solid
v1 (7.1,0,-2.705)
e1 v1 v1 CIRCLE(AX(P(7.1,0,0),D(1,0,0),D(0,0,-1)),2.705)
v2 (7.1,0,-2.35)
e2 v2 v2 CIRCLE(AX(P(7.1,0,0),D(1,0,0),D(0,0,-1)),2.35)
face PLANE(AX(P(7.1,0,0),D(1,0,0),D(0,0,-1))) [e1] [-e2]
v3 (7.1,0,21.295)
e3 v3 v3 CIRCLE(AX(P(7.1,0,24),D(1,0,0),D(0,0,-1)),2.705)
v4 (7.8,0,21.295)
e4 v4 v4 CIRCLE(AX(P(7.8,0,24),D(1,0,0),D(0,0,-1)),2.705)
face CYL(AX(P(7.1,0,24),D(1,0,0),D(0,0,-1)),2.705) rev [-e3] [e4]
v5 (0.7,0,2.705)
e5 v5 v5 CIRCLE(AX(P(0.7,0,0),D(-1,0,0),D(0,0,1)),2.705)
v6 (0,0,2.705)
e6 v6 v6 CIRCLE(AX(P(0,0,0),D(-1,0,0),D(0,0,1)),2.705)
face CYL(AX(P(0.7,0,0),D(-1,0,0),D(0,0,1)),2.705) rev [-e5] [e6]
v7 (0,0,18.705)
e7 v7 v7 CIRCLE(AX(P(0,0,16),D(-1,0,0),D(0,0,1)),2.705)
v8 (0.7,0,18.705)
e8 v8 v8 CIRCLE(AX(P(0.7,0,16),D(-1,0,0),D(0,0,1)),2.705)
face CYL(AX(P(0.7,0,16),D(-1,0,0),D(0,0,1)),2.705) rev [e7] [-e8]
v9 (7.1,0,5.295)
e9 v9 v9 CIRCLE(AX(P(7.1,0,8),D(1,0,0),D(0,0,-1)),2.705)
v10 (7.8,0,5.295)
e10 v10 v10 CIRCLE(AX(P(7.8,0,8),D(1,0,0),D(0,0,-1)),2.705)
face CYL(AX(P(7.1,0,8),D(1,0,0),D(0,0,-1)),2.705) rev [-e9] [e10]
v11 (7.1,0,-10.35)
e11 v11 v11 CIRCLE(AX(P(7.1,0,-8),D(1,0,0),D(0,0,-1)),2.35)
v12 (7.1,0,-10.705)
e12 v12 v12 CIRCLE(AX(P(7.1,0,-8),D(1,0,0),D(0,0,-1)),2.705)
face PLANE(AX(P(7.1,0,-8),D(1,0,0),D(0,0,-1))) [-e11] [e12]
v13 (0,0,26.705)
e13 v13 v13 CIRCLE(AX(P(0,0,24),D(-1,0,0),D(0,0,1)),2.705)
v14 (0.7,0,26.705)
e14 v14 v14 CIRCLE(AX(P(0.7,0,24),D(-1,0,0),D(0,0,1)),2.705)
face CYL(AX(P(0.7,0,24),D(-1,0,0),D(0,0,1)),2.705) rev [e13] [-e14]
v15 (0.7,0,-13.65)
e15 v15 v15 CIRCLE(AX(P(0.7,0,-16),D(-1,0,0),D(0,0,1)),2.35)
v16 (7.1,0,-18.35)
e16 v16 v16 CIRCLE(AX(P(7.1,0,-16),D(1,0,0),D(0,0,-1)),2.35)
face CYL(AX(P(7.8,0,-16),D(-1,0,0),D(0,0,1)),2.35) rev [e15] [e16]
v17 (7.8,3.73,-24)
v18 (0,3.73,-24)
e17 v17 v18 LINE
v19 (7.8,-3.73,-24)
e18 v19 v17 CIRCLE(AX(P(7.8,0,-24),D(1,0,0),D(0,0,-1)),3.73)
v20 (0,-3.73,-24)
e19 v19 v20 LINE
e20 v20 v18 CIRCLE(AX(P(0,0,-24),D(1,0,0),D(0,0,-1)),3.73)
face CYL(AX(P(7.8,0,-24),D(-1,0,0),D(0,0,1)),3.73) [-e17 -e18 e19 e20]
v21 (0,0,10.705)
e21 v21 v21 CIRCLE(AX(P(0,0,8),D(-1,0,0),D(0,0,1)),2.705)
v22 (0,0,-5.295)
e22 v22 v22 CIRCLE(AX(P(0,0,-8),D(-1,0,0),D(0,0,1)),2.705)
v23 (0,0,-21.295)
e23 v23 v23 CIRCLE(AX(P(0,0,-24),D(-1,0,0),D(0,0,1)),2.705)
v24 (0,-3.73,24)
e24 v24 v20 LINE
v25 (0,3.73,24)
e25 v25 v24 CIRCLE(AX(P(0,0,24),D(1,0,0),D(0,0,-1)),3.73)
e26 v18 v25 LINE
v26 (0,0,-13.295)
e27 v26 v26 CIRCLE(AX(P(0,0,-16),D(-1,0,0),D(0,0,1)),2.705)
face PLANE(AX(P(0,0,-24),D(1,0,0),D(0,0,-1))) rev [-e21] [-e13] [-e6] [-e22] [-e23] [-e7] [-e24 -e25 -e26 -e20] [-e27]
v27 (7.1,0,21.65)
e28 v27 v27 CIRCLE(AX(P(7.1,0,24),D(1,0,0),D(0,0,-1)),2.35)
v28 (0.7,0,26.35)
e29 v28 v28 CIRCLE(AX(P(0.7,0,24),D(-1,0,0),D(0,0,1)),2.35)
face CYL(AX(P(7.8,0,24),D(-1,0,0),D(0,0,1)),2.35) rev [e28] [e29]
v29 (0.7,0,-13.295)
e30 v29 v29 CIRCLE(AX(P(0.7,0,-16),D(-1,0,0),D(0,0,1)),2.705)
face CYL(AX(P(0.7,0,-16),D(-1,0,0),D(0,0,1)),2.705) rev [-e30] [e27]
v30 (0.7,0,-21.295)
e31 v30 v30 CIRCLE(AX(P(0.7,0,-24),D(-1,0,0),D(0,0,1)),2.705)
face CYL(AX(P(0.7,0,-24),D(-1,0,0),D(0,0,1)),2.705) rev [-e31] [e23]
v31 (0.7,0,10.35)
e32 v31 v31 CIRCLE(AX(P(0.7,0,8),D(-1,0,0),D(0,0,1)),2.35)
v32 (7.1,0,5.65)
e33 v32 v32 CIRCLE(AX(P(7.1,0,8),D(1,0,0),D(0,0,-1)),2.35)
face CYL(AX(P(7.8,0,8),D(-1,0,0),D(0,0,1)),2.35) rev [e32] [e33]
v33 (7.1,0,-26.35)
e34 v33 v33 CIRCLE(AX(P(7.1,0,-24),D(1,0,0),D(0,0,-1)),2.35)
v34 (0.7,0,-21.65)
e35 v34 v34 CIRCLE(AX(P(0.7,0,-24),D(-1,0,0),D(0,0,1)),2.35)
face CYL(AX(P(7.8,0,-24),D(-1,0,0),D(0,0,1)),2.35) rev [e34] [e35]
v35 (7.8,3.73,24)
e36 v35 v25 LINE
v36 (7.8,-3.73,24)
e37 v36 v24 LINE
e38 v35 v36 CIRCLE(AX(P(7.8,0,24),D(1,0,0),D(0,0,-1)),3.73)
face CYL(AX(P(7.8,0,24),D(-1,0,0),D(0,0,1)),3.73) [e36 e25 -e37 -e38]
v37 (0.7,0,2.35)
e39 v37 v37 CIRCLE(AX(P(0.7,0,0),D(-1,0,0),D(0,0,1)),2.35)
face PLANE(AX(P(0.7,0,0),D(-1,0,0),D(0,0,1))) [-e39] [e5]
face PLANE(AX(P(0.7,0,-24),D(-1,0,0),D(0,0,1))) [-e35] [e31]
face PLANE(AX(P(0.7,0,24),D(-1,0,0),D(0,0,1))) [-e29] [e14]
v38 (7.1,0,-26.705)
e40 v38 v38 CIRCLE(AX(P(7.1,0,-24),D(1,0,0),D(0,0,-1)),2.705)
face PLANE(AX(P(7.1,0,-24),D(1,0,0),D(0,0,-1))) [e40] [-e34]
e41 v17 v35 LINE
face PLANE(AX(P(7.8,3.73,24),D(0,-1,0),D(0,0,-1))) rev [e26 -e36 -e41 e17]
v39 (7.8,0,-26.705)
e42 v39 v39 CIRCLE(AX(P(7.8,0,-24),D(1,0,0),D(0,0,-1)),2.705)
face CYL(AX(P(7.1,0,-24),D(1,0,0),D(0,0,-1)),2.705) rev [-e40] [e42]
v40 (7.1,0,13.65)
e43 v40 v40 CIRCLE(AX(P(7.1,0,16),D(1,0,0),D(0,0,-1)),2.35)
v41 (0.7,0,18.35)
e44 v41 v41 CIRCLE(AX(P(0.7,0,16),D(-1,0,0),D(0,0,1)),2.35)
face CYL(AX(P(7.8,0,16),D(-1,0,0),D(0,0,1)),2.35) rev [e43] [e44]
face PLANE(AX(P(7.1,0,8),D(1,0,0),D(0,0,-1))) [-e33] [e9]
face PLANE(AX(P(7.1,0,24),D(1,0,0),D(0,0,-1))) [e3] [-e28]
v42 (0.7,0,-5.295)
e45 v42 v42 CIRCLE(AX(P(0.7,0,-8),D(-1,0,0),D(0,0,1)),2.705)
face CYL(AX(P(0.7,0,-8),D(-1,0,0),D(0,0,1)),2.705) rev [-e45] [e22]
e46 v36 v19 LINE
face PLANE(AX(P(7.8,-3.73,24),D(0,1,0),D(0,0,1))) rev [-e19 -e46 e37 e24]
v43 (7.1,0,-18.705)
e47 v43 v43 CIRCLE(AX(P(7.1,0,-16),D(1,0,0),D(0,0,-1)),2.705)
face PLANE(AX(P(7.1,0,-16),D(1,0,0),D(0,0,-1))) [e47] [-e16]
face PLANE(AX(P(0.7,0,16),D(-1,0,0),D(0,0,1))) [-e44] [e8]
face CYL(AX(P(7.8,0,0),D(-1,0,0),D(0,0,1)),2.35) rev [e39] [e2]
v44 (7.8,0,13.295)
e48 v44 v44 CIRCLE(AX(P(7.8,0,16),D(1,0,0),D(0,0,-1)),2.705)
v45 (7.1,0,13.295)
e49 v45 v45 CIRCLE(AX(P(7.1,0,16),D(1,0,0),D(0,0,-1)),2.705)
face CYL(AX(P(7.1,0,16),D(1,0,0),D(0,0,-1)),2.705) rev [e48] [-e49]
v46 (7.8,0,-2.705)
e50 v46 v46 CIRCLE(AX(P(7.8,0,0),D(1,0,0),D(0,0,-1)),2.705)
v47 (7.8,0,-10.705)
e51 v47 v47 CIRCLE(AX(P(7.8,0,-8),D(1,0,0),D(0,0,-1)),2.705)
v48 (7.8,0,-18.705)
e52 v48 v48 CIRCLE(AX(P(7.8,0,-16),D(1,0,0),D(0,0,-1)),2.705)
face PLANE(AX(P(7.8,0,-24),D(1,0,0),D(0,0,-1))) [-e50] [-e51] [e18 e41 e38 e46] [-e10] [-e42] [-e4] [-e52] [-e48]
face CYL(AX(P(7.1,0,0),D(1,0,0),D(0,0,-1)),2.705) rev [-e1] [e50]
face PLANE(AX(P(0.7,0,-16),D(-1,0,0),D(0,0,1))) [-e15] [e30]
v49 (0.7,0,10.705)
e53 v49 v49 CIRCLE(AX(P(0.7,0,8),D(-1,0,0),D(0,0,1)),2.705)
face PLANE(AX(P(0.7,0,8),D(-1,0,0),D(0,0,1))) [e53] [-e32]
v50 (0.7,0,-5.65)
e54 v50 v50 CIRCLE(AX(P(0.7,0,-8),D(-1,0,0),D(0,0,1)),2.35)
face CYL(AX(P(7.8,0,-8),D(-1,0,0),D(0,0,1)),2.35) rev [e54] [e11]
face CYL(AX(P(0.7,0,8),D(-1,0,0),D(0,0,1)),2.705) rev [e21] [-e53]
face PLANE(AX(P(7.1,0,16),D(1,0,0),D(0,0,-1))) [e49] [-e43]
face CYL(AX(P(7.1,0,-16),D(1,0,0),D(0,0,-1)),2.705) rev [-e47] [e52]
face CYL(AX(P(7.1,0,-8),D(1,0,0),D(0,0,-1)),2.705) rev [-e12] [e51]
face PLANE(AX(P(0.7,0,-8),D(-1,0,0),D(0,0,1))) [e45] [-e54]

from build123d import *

# Parameters (mm, degrees)
SKETCH1_R           = 2.35
BOSS_EXTRUDE1_DEPTH = 7.8
SKETCH2_R           = 2.705
CUT_EXTRUDE2_DEPTH  = 0.7
CUT_EXTRUDE3_START  = -0.7
SKETCH3_R           = 2.705
CUT_EXTRUDE3_DEPTH  = 0.7


with BuildPart() as part:
    # Sketch1 → Boss-Extrude1 (new body)
    with BuildSketch(Plane(origin=(0, 0, 0), x_dir=(0, 0, -1), z_dir=(1, 0, 0))):
        with BuildLine():
            Line((-24, -3.73), (24, -3.73))
            ThreePointArc((24, -3.73), (27.73, 0), (24, 3.73))
            Line((24, 3.73), (-24, 3.73))
            ThreePointArc((-24, 3.73), (-27.73, 0), (-24, -3.73))
        make_face()
        with Locations((-24, 0)):
            Circle(SKETCH1_R, mode=Mode.SUBTRACT)
        with Locations((-16, 0)):
            Circle(SKETCH1_R, mode=Mode.SUBTRACT)
        with Locations((-8, 0)):
            Circle(SKETCH1_R, mode=Mode.SUBTRACT)
        Circle(SKETCH1_R, mode=Mode.SUBTRACT)
        with Locations((8, 0)):
            Circle(SKETCH1_R, mode=Mode.SUBTRACT)
        with Locations((16, 0)):
            Circle(SKETCH1_R, mode=Mode.SUBTRACT)
        with Locations((24, 0)):
            Circle(SKETCH1_R, mode=Mode.SUBTRACT)
    extrude(amount=BOSS_EXTRUDE1_DEPTH)

    # Sketch2 → Cut-Extrude2 (cut)
    with BuildSketch(Plane.ZY):
        with Locations((-24, 0)):
            Circle(SKETCH2_R)
        with Locations((-16, 0)):
            Circle(SKETCH2_R)
        with Locations((-8, 0)):
            Circle(SKETCH2_R)
        Circle(SKETCH2_R)
        with Locations((8, 0)):
            Circle(SKETCH2_R)
        with Locations((16, 0)):
            Circle(SKETCH2_R)
        with Locations((24, 0)):
            Circle(SKETCH2_R)
    extrude(amount=-CUT_EXTRUDE2_DEPTH, mode=Mode.SUBTRACT)

    # Sketch3 → Cut-Extrude3 (cut)
    with BuildSketch(Plane(origin=(7.8, 0, 0), x_dir=(0, 0, -1), z_dir=(1, 0, 0)).offset(CUT_EXTRUDE3_START)):
        with Locations(Location((-24, 0, 0), (0, 0, 180))):
            Circle(SKETCH3_R)
        with Locations(Location((-16, 0, 0), (0, 0, 180))):
            Circle(SKETCH3_R)
        with Locations(Location((-8, 0, 0), (0, 0, 180))):
            Circle(SKETCH3_R)
        with Locations(Location((0, 0, 0), (0, 0, 180))):
            Circle(SKETCH3_R)
        with Locations(Location((8, 0, 0), (0, 0, 180))):
            Circle(SKETCH3_R)
        with Locations(Location((16, 0, 0), (0, 0, 180))):
            Circle(SKETCH3_R)
        with Locations(Location((24, 0, 0), (0, 0, 180))):
            Circle(SKETCH3_R)
    extrude(amount=CUT_EXTRUDE3_DEPTH, mode=Mode.SUBTRACT)


solid = part.part
